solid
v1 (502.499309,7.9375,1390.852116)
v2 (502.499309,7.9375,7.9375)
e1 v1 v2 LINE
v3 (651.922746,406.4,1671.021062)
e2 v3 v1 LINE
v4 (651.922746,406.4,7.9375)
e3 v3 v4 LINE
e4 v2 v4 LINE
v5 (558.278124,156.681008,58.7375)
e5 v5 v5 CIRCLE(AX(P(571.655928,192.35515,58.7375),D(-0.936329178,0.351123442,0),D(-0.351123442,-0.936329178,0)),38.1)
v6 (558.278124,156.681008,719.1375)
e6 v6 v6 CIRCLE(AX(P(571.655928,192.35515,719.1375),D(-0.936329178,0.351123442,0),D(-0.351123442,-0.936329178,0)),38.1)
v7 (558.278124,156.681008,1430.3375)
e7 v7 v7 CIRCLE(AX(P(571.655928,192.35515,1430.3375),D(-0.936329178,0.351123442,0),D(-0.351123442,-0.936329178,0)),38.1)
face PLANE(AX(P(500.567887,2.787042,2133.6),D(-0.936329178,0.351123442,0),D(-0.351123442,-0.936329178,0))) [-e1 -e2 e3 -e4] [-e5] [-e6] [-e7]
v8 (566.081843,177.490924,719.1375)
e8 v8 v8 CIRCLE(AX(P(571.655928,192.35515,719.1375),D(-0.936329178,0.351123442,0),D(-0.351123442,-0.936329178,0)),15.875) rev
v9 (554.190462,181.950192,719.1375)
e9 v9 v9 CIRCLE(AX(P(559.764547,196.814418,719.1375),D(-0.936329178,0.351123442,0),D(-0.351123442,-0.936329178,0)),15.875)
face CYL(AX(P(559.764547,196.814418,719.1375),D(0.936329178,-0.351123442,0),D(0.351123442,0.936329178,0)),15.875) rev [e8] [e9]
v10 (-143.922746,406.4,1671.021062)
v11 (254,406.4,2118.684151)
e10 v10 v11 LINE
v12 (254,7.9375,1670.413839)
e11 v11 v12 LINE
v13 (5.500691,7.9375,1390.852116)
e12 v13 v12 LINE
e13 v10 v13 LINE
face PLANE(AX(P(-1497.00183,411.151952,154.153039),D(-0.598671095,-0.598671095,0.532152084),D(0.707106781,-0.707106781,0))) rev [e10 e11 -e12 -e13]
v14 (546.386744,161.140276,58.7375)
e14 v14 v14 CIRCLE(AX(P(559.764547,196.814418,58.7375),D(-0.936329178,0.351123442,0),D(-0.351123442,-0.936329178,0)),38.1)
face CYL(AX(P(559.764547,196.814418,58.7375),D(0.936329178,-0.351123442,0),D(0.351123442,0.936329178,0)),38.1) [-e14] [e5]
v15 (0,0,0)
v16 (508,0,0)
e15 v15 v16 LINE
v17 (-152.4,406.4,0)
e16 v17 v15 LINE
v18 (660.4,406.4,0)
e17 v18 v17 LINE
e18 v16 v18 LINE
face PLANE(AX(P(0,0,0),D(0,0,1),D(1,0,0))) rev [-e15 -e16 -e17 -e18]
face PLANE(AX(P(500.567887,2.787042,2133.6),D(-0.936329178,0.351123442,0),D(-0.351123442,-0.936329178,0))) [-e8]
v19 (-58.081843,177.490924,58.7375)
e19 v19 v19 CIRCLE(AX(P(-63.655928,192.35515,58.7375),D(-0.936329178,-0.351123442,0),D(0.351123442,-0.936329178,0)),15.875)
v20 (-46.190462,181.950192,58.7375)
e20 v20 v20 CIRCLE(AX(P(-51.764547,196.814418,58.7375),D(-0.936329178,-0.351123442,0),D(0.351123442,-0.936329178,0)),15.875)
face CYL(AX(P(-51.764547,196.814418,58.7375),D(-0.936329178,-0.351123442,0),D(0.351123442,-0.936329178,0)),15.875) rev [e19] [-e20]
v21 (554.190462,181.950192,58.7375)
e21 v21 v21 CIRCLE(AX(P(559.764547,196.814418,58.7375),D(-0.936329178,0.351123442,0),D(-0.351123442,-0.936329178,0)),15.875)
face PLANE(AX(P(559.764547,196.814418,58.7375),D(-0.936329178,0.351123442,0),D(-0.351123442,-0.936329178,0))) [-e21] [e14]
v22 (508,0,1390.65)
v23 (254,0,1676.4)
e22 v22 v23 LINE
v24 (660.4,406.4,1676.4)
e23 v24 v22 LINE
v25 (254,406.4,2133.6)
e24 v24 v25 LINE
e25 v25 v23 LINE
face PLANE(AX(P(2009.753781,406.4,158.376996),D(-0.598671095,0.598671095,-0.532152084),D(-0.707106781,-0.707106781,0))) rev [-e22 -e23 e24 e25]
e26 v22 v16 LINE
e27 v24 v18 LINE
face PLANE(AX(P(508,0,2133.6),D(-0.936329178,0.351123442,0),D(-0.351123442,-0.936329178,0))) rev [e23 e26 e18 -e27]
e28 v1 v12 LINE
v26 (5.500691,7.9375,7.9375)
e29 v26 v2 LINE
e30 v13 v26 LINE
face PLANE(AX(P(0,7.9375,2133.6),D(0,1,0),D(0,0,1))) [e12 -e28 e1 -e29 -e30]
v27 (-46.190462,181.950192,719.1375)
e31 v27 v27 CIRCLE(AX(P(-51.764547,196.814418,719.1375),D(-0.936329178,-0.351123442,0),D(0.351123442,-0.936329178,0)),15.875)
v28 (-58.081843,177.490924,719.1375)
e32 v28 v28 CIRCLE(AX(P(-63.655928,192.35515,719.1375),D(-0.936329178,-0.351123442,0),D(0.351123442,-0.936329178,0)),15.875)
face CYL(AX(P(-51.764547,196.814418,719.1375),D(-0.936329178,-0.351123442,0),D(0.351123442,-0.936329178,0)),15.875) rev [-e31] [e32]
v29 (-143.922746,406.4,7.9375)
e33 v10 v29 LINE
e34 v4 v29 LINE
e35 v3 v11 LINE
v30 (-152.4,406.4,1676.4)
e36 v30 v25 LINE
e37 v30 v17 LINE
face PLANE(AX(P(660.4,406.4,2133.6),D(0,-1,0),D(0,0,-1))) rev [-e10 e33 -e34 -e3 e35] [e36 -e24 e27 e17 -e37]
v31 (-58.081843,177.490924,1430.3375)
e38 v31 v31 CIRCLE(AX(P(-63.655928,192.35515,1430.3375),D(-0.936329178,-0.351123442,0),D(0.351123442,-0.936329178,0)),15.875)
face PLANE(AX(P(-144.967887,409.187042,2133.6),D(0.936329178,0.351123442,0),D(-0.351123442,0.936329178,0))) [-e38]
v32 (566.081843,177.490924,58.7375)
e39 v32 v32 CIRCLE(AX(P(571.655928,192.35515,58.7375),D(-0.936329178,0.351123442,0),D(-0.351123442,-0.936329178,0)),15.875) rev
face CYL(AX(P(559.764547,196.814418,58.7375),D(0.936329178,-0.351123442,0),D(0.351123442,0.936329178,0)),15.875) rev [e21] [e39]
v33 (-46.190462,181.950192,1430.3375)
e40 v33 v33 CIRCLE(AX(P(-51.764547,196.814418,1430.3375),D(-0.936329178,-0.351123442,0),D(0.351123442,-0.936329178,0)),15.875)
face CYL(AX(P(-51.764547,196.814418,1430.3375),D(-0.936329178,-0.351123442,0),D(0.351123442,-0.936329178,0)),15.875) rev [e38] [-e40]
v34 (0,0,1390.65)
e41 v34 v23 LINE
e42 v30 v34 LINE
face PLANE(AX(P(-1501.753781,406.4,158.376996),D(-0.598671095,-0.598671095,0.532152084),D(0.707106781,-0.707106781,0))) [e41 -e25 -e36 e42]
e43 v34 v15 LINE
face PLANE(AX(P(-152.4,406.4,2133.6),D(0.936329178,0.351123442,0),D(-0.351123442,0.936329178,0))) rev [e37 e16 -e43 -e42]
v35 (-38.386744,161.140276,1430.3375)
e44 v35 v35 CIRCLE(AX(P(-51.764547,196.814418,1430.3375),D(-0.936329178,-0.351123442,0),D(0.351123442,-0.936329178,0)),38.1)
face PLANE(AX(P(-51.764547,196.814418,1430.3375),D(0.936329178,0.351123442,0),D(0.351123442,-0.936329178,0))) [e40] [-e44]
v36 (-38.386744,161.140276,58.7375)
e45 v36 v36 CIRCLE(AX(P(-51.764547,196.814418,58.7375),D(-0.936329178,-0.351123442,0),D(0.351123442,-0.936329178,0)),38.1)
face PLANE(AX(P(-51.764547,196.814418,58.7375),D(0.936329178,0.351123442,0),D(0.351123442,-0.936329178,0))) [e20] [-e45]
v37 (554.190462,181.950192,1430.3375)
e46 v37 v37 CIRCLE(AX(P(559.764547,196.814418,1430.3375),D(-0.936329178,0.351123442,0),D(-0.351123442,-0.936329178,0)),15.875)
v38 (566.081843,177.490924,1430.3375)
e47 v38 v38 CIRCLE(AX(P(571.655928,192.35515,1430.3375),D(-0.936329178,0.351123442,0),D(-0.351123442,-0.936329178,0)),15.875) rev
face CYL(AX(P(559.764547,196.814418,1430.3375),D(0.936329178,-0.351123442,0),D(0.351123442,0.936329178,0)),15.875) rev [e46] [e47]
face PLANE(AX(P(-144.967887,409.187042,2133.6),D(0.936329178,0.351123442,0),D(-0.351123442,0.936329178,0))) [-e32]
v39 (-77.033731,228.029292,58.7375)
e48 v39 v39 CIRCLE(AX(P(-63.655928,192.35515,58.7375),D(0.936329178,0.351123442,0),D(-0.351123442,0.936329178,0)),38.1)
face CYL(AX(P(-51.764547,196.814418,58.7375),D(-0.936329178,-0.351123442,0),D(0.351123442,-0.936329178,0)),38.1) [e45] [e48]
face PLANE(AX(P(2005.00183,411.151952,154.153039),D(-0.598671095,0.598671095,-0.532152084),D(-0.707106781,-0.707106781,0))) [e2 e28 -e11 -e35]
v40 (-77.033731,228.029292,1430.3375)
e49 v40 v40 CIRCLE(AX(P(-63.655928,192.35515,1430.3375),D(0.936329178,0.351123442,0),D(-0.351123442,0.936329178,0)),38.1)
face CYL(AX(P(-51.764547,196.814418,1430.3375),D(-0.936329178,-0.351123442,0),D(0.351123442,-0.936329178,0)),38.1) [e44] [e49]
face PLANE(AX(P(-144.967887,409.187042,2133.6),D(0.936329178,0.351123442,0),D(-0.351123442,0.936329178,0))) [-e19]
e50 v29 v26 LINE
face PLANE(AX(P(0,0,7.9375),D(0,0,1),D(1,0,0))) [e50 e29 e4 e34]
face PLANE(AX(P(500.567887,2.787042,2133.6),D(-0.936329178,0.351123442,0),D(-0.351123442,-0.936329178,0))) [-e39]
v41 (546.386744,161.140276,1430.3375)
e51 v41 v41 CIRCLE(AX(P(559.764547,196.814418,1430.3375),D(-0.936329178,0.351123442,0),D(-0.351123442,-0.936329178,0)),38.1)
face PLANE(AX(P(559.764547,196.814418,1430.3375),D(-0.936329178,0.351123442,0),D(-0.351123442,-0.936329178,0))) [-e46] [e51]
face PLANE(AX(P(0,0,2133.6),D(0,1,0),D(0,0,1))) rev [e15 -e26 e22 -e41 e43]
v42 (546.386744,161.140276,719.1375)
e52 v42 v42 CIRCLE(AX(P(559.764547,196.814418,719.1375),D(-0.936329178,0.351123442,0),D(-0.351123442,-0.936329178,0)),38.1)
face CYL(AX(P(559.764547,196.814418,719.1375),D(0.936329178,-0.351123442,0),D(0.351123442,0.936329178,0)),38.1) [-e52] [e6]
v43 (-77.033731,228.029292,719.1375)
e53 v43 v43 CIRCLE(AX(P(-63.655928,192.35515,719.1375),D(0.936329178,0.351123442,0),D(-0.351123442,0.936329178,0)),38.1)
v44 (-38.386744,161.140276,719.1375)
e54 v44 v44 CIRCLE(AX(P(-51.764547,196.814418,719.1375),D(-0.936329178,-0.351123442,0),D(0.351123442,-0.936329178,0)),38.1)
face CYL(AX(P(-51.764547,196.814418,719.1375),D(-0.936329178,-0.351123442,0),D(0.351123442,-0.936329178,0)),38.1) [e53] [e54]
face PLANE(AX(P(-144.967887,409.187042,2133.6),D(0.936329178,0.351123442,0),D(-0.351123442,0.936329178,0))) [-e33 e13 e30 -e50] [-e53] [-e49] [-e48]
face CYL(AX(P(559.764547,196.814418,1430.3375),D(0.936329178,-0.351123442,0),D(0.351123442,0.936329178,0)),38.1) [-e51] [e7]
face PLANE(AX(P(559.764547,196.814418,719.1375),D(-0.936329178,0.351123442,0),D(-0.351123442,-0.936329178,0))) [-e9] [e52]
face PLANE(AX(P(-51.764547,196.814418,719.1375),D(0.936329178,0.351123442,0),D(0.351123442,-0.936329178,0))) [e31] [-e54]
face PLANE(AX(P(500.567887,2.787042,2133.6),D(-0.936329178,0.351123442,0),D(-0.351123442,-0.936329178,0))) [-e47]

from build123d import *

# Parameters (mm, degrees)
BOSS_EXTRUDE1_DEPTH = 2133.6
CUT_EXTRUDE2_DEPTH  = 613.218203925
SHELL1_T            = -7.9375
SKETCH14_R          = 38.1
SKETCH14_R_2        = 15.875
BOSS_EXTRUDE2_DEPTH = 12.7


with BuildPart() as part:
    # Sketch1 → Boss-Extrude1 (new body)
    with BuildSketch(Plane.XY):
        Polygon((0, 0), (508, 0), (660.4, 406.4), (-152.4, 406.4), align=None)
    extrude(amount=BOSS_EXTRUDE1_DEPTH)

    # Sketch13 → Cut-Extrude2 (cut, symmetric, along a direction that is not the sketch's normal)
    with BuildSketch(Plane(origin=(254, 0, 0), x_dir=(0, 0, -1), z_dir=(1, 0, 0))):
        Polygon((-2133.6, 0), (-3174.648587482, 0), (-3174.648587482, 406.4), (-2133.6, 406.4), (-1676.4, 0), align=None)
    cut_extrude2 = extrude(amount=CUT_EXTRUDE2_DEPTH, dir=(0.664363839, 0, 0.747409319), both=True, mode=Mode.SUBTRACT)

    # Mirror1: Cut-Extrude2 across plane
    add(cut_extrude2.mirror(Plane(origin=(254, 0, 0), x_dir=(0, 0, 1), z_dir=(1, 0, 0))), mode=Mode.SUBTRACT)

    # Shell1
    shell1_openings = [part.faces().sort_by_distance(p)[0] for p in [
        (254, 406.4, 1097.28),
    ]]
    offset(amount=SHELL1_T, openings=shell1_openings, kind=Kind.INTERSECTION)

    # Sketch14 → Boss-Extrude2 (add)
    with BuildSketch(Plane(origin=(437.937750167, -164.226656313, 0), x_dir=(0, 0, 1), z_dir=(-0.936329178, 0.351123442, 0))):
        with Locations((58.7375, 380.829536089)):
            Circle(SKETCH14_R)
        with Locations((58.7375, 380.829536089)):
            Circle(SKETCH14_R_2, mode=Mode.SUBTRACT)
        with Locations((719.1375, 380.829536089)):
            Circle(SKETCH14_R)
        with Locations((719.1375, 380.829536089)):
            Circle(SKETCH14_R_2, mode=Mode.SUBTRACT)
        with Locations((1430.3375, 380.829536089)):
            Circle(SKETCH14_R)
        with Locations((1430.3375, 380.829536089)):
            Circle(SKETCH14_R_2, mode=Mode.SUBTRACT)
    boss_extrude2 = extrude(amount=BOSS_EXTRUDE2_DEPTH)

    # Mirror2: Boss-Extrude2 across plane
    add(boss_extrude2.mirror(Plane(origin=(254, 0, 0), x_dir=(0, 0, 1), z_dir=(1, 0, 0))))


solid = part.part
